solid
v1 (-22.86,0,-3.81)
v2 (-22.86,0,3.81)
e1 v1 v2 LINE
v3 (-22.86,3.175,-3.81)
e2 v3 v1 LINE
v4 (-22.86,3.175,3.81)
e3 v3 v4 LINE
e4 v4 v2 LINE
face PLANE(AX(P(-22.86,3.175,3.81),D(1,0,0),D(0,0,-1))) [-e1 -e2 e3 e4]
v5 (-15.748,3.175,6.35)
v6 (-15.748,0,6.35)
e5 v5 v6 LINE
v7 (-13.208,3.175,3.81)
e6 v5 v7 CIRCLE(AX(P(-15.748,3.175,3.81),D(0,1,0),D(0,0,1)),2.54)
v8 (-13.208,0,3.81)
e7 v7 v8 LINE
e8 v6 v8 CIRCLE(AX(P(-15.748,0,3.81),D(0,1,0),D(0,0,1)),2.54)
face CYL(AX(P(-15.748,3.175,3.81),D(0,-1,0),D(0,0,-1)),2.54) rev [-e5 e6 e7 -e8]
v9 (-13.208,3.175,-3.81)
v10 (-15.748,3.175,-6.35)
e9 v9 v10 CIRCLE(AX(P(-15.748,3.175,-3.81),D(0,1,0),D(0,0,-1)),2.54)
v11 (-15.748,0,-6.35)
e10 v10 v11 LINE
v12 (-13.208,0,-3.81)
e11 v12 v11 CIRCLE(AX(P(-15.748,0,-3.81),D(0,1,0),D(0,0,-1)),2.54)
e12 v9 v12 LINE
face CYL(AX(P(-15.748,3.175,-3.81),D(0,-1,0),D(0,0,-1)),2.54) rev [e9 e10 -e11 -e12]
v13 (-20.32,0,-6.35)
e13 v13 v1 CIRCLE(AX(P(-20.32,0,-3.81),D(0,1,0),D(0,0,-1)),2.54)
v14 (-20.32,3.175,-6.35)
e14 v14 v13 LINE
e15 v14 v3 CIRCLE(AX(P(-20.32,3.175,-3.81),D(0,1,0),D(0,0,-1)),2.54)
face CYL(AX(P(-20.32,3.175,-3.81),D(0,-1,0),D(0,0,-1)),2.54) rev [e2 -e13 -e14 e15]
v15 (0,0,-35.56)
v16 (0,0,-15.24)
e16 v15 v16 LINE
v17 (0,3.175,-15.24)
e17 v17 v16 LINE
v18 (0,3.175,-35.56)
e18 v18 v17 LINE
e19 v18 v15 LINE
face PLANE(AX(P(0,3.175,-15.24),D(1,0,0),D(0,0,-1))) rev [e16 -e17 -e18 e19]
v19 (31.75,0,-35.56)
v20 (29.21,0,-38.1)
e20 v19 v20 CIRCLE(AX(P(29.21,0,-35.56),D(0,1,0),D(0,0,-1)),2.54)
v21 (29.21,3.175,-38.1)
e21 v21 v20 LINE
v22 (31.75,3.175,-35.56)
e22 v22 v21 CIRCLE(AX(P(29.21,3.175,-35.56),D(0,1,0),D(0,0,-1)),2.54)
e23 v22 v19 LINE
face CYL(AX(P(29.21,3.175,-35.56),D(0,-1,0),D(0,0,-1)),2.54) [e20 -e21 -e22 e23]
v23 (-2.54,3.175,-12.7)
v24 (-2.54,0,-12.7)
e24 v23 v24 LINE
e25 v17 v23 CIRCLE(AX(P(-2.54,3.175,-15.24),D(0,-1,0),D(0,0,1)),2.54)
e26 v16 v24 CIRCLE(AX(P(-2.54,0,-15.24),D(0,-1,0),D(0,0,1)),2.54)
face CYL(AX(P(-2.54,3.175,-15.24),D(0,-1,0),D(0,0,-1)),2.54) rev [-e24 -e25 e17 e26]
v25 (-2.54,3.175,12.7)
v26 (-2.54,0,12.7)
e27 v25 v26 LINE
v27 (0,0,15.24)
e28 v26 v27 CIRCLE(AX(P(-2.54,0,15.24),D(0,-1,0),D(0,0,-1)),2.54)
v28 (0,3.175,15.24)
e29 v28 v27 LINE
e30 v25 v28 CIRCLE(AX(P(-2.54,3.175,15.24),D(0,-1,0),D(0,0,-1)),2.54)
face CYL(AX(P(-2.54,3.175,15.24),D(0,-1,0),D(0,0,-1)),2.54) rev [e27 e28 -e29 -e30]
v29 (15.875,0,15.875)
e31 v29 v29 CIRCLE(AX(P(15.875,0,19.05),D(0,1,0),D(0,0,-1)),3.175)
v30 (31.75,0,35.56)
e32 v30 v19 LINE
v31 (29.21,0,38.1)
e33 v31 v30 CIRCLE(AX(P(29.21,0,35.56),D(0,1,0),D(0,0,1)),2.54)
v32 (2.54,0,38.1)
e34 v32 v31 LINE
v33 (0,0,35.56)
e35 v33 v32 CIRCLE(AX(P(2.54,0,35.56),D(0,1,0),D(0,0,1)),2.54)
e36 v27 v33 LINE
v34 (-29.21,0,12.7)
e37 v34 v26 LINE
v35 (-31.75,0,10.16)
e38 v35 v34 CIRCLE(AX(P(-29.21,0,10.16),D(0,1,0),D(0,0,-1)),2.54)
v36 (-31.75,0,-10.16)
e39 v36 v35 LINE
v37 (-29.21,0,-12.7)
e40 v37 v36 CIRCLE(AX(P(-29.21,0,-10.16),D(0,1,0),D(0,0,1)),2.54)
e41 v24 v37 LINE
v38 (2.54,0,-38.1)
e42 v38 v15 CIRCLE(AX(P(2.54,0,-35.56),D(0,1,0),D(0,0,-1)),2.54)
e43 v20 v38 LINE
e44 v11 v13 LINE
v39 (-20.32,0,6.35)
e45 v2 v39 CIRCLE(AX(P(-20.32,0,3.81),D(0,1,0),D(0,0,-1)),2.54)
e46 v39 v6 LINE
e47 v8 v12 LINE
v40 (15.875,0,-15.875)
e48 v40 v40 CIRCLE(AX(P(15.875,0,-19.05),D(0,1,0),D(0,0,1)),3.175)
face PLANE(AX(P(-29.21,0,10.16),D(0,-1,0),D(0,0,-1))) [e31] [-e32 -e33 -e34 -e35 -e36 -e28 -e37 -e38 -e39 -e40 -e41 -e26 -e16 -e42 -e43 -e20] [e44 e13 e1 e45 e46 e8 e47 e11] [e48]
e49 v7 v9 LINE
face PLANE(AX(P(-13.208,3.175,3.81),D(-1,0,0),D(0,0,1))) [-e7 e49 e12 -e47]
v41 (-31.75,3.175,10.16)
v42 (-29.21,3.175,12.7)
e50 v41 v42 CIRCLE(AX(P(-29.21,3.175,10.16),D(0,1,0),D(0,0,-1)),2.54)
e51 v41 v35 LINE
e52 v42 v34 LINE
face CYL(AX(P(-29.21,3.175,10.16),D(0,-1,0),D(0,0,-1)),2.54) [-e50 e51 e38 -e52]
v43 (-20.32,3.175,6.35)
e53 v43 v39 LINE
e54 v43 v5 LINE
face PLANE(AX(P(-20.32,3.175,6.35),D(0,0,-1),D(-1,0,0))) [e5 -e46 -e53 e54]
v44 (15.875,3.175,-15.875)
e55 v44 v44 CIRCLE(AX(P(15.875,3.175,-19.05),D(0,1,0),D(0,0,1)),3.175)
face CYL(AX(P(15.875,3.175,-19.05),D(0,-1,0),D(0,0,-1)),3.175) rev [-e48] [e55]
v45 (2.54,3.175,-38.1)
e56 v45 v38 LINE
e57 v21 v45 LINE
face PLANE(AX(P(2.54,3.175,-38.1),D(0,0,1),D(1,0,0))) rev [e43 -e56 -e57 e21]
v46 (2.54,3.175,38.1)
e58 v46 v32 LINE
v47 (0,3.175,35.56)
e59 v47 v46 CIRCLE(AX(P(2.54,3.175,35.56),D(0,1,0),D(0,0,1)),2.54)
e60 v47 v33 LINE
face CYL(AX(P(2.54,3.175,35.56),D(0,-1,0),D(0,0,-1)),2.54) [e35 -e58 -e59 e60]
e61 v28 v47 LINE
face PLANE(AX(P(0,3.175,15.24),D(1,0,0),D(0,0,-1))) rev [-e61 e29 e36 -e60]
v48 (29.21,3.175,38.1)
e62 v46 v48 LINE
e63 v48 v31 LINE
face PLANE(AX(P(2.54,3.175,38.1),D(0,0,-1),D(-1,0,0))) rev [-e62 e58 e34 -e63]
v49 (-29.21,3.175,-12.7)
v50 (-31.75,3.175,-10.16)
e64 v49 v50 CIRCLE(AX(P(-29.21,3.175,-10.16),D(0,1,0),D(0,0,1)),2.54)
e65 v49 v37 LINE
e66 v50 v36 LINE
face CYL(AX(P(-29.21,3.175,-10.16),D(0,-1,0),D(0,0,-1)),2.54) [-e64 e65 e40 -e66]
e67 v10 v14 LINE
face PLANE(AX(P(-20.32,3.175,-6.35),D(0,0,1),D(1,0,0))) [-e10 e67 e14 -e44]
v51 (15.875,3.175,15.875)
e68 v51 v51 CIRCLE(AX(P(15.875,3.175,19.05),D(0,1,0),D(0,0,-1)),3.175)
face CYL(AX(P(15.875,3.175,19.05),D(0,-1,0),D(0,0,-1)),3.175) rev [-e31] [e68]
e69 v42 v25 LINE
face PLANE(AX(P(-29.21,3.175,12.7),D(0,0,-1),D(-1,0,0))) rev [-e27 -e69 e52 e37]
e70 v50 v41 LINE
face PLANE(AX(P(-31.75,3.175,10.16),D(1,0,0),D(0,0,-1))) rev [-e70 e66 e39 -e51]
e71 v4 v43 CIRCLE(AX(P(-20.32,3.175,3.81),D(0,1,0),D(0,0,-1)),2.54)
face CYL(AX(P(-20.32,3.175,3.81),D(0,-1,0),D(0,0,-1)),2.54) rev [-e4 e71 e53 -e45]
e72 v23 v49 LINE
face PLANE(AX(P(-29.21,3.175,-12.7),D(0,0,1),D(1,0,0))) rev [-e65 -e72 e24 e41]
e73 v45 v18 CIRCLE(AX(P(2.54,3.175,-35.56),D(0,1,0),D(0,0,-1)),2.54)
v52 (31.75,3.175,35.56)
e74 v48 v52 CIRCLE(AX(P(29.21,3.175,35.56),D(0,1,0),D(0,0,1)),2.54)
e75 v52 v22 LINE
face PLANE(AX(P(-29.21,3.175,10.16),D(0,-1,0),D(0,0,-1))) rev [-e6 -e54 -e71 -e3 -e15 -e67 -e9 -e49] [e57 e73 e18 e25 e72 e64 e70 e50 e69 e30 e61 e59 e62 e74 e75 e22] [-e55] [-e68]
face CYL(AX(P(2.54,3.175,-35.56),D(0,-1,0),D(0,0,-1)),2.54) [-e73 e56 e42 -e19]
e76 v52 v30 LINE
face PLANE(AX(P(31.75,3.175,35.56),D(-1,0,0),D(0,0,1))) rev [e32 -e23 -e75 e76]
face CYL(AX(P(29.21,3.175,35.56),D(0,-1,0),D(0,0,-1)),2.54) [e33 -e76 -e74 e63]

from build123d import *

# Parameters (mm, degrees)
SKETCH1_R           = 3.175
BOSS_EXTRUDE1_DEPTH = 3.175


with BuildPart() as part:
    # Sketch1 → Boss-Extrude1 (new body)
    with BuildSketch(Plane(origin=(0, 0, 0), x_dir=(1, 0, 0), z_dir=(0, 1, 0))):
        with BuildLine():
            Line((2.54, -38.1), (29.21, -38.1))
            ThreePointArc((29.21, -38.1), (31.006051224, -37.356051224), (31.75, -35.56))
            Line((31.75, -35.56), (31.75, 35.56))
            ThreePointArc((31.75, 35.56), (31.006051224, 37.356051224), (29.21, 38.1))
            Line((29.21, 38.1), (2.54, 38.1))
            ThreePointArc((2.54, 38.1), (0.743948776, 37.356051224), (0, 35.56))
            Line((0, 35.56), (0, 15.24))
            ThreePointArc((0, 15.24), (-0.743948776, 13.443948776), (-2.54, 12.7))
            Line((-2.54, 12.7), (-29.21, 12.7))
            ThreePointArc((-29.21, 12.7), (-31.006051224, 11.956051224), (-31.75, 10.16))
            Line((-31.75, 10.16), (-31.75, -10.16))
            ThreePointArc((-31.75, -10.16), (-31.006051224, -11.956051224), (-29.21, -12.7))
            Line((-29.21, -12.7), (-2.54, -12.7))
            ThreePointArc((-2.54, -12.7), (-0.743948776, -13.443948776), (0, -15.24))
            Line((0, -15.24), (0, -35.56))
            ThreePointArc((0, -35.56), (0.743948776, -37.356051224), (2.54, -38.1))
        make_face()
        with Locations(Location((15.875, 19.05, 0), (0, 0, 270))):
            Circle(SKETCH1_R, mode=Mode.SUBTRACT)
        with Locations(Location((15.875, -19.05, 0), (0, 0, 90))):
            Circle(SKETCH1_R, mode=Mode.SUBTRACT)
        with BuildLine():
            Line((-20.32, -6.35), (-15.748, -6.35))
            ThreePointArc((-15.748, -6.35), (-13.951948776, -5.606051224), (-13.208, -3.81))
            Line((-13.208, -3.81), (-13.208, 3.81))
            ThreePointArc((-13.208, 3.81), (-13.951948776, 5.606051224), (-15.748, 6.35))
            Line((-15.748, 6.35), (-20.32, 6.35))
            ThreePointArc((-20.32, 6.35), (-22.116051224, 5.606051224), (-22.86, 3.81))
            Line((-22.86, 3.81), (-22.86, -3.81))
            ThreePointArc((-22.86, -3.81), (-22.116051224, -5.606051224), (-20.32, -6.35))
        make_face(mode=Mode.SUBTRACT)
    extrude(amount=BOSS_EXTRUDE1_DEPTH)


solid = part.part
